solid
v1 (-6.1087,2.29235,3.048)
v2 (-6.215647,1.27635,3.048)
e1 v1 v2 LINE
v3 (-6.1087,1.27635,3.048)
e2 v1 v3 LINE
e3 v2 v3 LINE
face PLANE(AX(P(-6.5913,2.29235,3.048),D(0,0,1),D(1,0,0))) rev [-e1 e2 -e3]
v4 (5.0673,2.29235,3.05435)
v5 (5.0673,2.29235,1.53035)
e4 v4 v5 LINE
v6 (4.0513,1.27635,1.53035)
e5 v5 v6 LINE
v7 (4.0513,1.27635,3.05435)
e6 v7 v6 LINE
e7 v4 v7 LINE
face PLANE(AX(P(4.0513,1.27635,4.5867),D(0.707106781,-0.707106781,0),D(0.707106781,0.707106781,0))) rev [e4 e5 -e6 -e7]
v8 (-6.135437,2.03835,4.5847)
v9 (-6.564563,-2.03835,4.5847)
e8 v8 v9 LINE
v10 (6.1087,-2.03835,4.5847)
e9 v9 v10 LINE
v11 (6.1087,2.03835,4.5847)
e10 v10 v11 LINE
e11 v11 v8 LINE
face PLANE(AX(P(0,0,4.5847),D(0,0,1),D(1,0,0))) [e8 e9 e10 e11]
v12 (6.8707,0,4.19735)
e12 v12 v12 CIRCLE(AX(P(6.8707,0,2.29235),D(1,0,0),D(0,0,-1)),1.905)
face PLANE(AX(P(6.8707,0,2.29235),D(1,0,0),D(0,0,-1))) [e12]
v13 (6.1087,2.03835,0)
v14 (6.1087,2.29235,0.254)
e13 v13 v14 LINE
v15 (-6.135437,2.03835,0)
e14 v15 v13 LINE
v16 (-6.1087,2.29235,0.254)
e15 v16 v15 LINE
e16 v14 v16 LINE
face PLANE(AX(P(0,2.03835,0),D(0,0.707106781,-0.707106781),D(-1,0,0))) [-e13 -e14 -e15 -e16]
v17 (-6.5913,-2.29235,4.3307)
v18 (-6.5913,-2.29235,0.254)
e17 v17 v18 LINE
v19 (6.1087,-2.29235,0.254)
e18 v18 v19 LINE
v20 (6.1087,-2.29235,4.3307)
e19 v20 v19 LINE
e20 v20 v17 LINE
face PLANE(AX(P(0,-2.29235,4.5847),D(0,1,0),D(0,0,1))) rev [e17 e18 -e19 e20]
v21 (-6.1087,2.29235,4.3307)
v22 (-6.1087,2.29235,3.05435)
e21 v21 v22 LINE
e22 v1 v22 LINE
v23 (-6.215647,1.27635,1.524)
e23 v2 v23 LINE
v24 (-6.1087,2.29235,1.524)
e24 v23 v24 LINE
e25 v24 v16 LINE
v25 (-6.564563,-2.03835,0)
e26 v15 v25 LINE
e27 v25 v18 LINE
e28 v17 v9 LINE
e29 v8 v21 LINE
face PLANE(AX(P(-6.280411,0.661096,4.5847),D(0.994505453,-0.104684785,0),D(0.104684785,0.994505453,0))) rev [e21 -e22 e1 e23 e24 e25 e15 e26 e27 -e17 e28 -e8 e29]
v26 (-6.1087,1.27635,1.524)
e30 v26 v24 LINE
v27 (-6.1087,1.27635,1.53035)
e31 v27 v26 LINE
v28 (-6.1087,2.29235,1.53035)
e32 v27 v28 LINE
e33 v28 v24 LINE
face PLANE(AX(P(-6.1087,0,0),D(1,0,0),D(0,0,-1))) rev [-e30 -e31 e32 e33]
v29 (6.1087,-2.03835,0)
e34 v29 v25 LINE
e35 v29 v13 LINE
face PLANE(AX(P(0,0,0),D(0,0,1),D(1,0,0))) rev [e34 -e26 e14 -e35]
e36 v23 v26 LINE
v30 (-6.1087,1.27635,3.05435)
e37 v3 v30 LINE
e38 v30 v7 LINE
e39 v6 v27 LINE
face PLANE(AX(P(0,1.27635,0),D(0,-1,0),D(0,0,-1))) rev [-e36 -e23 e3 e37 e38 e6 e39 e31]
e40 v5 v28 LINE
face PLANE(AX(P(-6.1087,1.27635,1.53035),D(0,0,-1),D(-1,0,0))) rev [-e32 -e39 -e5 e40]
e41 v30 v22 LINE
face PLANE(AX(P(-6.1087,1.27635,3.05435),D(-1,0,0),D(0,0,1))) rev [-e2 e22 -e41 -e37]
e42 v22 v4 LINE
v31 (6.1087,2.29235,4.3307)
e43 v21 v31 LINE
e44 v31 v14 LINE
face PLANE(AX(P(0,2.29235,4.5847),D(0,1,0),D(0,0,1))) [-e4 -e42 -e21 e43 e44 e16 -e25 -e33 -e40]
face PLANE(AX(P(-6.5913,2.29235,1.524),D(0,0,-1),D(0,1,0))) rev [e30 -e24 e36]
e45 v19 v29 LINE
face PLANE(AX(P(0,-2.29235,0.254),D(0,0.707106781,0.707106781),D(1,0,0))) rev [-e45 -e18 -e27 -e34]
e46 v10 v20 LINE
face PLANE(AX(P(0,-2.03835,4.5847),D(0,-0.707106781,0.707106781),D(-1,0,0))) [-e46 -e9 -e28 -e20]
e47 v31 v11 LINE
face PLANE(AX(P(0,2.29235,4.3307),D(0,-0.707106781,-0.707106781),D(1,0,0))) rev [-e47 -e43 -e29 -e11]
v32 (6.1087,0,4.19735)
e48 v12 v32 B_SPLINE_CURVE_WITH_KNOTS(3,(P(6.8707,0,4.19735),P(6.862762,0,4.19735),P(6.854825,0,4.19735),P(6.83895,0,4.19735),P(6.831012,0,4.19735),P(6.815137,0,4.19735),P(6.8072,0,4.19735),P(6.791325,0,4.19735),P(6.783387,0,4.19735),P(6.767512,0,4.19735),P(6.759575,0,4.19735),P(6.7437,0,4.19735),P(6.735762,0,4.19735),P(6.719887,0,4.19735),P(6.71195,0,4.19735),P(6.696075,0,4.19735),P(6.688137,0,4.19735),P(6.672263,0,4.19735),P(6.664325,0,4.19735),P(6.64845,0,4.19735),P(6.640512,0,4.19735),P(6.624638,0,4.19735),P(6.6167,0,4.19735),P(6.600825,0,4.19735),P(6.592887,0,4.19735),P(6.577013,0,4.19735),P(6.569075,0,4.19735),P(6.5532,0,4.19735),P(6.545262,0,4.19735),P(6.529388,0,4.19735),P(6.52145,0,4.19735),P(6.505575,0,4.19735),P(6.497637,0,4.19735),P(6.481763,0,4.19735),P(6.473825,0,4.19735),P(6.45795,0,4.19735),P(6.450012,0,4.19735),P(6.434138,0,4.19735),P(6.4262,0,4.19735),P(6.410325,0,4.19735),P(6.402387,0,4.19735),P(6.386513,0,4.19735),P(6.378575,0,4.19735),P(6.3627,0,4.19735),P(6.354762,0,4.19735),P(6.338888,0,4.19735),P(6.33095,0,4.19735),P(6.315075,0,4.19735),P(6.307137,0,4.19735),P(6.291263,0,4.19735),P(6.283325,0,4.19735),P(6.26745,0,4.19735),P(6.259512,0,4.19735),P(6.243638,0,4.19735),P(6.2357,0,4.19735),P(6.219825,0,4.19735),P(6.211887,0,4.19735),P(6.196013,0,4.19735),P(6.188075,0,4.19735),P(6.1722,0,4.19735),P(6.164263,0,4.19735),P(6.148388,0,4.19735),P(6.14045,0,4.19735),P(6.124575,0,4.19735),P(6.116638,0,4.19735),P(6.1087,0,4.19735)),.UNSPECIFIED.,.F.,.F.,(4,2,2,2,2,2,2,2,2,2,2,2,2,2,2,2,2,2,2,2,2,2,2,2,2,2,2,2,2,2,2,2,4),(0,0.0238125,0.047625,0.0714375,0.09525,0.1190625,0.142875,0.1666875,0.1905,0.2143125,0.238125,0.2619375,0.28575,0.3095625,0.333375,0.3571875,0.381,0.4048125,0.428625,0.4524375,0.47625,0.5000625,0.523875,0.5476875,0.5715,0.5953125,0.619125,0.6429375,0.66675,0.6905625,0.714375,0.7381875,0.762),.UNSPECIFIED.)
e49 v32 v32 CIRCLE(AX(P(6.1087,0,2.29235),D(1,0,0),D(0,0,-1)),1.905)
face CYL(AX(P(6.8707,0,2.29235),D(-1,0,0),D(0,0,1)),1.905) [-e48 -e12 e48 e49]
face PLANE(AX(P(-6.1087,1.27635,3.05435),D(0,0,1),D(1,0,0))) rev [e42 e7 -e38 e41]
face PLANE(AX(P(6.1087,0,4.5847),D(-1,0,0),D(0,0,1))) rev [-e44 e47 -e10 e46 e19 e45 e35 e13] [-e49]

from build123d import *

# Parameters (mm, degrees)
SKETCH1_W           = 12.2174
SKETCH1_H           = 4.5847
BOSS_EXTRUDE1_DEPTH = 4.5847
SKETCH2_W           = 11.176
SKETCH2_H           = 1.524
CUT_EXTRUDE1_DEPTH  = 1.016
SKETCH4_W           = 1.524
SKETCH4_H           = 1.016
CUT_EXTRUDE3_DEPTH  = 14.249120928
SKETCH5_R           = 1.905
BOSS_EXTRUDE3_DEPTH = 0.762
CHAMFER1_SIZE       = 0.254
BOSS_EXTRUDE4_REACH = 9.861


with BuildPart() as part:
    # Sketch1 → Boss-Extrude1 (new body)
    with BuildSketch(Plane.XY):
        Polygon((-6.1087, 2.29235), (-6.5913, -2.29235), (-6.1087, -2.29235), align=None)
        Rectangle(SKETCH1_W, SKETCH1_H)
    extrude(amount=BOSS_EXTRUDE1_DEPTH)

    # Sketch2 → Cut-Extrude1 (cut)
    with BuildSketch(Plane(origin=(0, 2.29235, 0), x_dir=(1, 0, 0), z_dir=(0, 1, 0))):
        with Locations((-0.5207, -2.29235)):
            Rectangle(SKETCH2_W, SKETCH2_H)
    extrude(amount=-CUT_EXTRUDE1_DEPTH, mode=Mode.SUBTRACT)

    # Sketch4 → Cut-Extrude3 (cut, through all)
    with BuildSketch(Plane(origin=(-6.1087, 0, 0), x_dir=(0, 0, -1), z_dir=(1, 0, 0))):
        with Locations((-2.286, 1.78435)):
            Rectangle(SKETCH4_W, SKETCH4_H)
    extrude(amount=-CUT_EXTRUDE3_DEPTH, mode=Mode.SUBTRACT)

    # Sketch5 → Boss-Extrude3 (add)
    with BuildSketch(Plane(origin=(6.1087, 0, 0), x_dir=(0, 0, -1), z_dir=(1, 0, 0))):
        with Locations(Location((-2.29235, 0, 0), (0, 0, 180))):
            Circle(SKETCH5_R)
    extrude(amount=BOSS_EXTRUDE3_DEPTH)

    # Chamfer1
    chamfer1_edges = [part.edges().sort_by_distance(p)[0] for p in [
        (-0.2413, -2.29235, 4.5847),
        (0, 2.29235, 4.5847),
        (0, 2.29235, 0),
        (-0.2413, -2.29235, 0),
    ]]
    chamfer(chamfer1_edges, length=CHAMFER1_SIZE)

    # Sketch6 → Boss-Extrude4 (add, up to next)
    with BuildSketch(Plane.XY.offset(1.53035), mode=Mode.PRIVATE) as boss_extrude4_sk1:
        Polygon((5.0673, 2.29235), (5.0673, 1.27635), (4.0513, 1.27635), align=None)
    boss_extrude4_tool1 = extrude(boss_extrude4_sk1.sketch, amount=BOSS_EXTRUDE4_REACH, mode=Mode.PRIVATE) - part.part
    add(boss_extrude4_tool1.solids().sort_by_distance((4.728633, 1.615017, 1.53035))[0])


solid = part.part
